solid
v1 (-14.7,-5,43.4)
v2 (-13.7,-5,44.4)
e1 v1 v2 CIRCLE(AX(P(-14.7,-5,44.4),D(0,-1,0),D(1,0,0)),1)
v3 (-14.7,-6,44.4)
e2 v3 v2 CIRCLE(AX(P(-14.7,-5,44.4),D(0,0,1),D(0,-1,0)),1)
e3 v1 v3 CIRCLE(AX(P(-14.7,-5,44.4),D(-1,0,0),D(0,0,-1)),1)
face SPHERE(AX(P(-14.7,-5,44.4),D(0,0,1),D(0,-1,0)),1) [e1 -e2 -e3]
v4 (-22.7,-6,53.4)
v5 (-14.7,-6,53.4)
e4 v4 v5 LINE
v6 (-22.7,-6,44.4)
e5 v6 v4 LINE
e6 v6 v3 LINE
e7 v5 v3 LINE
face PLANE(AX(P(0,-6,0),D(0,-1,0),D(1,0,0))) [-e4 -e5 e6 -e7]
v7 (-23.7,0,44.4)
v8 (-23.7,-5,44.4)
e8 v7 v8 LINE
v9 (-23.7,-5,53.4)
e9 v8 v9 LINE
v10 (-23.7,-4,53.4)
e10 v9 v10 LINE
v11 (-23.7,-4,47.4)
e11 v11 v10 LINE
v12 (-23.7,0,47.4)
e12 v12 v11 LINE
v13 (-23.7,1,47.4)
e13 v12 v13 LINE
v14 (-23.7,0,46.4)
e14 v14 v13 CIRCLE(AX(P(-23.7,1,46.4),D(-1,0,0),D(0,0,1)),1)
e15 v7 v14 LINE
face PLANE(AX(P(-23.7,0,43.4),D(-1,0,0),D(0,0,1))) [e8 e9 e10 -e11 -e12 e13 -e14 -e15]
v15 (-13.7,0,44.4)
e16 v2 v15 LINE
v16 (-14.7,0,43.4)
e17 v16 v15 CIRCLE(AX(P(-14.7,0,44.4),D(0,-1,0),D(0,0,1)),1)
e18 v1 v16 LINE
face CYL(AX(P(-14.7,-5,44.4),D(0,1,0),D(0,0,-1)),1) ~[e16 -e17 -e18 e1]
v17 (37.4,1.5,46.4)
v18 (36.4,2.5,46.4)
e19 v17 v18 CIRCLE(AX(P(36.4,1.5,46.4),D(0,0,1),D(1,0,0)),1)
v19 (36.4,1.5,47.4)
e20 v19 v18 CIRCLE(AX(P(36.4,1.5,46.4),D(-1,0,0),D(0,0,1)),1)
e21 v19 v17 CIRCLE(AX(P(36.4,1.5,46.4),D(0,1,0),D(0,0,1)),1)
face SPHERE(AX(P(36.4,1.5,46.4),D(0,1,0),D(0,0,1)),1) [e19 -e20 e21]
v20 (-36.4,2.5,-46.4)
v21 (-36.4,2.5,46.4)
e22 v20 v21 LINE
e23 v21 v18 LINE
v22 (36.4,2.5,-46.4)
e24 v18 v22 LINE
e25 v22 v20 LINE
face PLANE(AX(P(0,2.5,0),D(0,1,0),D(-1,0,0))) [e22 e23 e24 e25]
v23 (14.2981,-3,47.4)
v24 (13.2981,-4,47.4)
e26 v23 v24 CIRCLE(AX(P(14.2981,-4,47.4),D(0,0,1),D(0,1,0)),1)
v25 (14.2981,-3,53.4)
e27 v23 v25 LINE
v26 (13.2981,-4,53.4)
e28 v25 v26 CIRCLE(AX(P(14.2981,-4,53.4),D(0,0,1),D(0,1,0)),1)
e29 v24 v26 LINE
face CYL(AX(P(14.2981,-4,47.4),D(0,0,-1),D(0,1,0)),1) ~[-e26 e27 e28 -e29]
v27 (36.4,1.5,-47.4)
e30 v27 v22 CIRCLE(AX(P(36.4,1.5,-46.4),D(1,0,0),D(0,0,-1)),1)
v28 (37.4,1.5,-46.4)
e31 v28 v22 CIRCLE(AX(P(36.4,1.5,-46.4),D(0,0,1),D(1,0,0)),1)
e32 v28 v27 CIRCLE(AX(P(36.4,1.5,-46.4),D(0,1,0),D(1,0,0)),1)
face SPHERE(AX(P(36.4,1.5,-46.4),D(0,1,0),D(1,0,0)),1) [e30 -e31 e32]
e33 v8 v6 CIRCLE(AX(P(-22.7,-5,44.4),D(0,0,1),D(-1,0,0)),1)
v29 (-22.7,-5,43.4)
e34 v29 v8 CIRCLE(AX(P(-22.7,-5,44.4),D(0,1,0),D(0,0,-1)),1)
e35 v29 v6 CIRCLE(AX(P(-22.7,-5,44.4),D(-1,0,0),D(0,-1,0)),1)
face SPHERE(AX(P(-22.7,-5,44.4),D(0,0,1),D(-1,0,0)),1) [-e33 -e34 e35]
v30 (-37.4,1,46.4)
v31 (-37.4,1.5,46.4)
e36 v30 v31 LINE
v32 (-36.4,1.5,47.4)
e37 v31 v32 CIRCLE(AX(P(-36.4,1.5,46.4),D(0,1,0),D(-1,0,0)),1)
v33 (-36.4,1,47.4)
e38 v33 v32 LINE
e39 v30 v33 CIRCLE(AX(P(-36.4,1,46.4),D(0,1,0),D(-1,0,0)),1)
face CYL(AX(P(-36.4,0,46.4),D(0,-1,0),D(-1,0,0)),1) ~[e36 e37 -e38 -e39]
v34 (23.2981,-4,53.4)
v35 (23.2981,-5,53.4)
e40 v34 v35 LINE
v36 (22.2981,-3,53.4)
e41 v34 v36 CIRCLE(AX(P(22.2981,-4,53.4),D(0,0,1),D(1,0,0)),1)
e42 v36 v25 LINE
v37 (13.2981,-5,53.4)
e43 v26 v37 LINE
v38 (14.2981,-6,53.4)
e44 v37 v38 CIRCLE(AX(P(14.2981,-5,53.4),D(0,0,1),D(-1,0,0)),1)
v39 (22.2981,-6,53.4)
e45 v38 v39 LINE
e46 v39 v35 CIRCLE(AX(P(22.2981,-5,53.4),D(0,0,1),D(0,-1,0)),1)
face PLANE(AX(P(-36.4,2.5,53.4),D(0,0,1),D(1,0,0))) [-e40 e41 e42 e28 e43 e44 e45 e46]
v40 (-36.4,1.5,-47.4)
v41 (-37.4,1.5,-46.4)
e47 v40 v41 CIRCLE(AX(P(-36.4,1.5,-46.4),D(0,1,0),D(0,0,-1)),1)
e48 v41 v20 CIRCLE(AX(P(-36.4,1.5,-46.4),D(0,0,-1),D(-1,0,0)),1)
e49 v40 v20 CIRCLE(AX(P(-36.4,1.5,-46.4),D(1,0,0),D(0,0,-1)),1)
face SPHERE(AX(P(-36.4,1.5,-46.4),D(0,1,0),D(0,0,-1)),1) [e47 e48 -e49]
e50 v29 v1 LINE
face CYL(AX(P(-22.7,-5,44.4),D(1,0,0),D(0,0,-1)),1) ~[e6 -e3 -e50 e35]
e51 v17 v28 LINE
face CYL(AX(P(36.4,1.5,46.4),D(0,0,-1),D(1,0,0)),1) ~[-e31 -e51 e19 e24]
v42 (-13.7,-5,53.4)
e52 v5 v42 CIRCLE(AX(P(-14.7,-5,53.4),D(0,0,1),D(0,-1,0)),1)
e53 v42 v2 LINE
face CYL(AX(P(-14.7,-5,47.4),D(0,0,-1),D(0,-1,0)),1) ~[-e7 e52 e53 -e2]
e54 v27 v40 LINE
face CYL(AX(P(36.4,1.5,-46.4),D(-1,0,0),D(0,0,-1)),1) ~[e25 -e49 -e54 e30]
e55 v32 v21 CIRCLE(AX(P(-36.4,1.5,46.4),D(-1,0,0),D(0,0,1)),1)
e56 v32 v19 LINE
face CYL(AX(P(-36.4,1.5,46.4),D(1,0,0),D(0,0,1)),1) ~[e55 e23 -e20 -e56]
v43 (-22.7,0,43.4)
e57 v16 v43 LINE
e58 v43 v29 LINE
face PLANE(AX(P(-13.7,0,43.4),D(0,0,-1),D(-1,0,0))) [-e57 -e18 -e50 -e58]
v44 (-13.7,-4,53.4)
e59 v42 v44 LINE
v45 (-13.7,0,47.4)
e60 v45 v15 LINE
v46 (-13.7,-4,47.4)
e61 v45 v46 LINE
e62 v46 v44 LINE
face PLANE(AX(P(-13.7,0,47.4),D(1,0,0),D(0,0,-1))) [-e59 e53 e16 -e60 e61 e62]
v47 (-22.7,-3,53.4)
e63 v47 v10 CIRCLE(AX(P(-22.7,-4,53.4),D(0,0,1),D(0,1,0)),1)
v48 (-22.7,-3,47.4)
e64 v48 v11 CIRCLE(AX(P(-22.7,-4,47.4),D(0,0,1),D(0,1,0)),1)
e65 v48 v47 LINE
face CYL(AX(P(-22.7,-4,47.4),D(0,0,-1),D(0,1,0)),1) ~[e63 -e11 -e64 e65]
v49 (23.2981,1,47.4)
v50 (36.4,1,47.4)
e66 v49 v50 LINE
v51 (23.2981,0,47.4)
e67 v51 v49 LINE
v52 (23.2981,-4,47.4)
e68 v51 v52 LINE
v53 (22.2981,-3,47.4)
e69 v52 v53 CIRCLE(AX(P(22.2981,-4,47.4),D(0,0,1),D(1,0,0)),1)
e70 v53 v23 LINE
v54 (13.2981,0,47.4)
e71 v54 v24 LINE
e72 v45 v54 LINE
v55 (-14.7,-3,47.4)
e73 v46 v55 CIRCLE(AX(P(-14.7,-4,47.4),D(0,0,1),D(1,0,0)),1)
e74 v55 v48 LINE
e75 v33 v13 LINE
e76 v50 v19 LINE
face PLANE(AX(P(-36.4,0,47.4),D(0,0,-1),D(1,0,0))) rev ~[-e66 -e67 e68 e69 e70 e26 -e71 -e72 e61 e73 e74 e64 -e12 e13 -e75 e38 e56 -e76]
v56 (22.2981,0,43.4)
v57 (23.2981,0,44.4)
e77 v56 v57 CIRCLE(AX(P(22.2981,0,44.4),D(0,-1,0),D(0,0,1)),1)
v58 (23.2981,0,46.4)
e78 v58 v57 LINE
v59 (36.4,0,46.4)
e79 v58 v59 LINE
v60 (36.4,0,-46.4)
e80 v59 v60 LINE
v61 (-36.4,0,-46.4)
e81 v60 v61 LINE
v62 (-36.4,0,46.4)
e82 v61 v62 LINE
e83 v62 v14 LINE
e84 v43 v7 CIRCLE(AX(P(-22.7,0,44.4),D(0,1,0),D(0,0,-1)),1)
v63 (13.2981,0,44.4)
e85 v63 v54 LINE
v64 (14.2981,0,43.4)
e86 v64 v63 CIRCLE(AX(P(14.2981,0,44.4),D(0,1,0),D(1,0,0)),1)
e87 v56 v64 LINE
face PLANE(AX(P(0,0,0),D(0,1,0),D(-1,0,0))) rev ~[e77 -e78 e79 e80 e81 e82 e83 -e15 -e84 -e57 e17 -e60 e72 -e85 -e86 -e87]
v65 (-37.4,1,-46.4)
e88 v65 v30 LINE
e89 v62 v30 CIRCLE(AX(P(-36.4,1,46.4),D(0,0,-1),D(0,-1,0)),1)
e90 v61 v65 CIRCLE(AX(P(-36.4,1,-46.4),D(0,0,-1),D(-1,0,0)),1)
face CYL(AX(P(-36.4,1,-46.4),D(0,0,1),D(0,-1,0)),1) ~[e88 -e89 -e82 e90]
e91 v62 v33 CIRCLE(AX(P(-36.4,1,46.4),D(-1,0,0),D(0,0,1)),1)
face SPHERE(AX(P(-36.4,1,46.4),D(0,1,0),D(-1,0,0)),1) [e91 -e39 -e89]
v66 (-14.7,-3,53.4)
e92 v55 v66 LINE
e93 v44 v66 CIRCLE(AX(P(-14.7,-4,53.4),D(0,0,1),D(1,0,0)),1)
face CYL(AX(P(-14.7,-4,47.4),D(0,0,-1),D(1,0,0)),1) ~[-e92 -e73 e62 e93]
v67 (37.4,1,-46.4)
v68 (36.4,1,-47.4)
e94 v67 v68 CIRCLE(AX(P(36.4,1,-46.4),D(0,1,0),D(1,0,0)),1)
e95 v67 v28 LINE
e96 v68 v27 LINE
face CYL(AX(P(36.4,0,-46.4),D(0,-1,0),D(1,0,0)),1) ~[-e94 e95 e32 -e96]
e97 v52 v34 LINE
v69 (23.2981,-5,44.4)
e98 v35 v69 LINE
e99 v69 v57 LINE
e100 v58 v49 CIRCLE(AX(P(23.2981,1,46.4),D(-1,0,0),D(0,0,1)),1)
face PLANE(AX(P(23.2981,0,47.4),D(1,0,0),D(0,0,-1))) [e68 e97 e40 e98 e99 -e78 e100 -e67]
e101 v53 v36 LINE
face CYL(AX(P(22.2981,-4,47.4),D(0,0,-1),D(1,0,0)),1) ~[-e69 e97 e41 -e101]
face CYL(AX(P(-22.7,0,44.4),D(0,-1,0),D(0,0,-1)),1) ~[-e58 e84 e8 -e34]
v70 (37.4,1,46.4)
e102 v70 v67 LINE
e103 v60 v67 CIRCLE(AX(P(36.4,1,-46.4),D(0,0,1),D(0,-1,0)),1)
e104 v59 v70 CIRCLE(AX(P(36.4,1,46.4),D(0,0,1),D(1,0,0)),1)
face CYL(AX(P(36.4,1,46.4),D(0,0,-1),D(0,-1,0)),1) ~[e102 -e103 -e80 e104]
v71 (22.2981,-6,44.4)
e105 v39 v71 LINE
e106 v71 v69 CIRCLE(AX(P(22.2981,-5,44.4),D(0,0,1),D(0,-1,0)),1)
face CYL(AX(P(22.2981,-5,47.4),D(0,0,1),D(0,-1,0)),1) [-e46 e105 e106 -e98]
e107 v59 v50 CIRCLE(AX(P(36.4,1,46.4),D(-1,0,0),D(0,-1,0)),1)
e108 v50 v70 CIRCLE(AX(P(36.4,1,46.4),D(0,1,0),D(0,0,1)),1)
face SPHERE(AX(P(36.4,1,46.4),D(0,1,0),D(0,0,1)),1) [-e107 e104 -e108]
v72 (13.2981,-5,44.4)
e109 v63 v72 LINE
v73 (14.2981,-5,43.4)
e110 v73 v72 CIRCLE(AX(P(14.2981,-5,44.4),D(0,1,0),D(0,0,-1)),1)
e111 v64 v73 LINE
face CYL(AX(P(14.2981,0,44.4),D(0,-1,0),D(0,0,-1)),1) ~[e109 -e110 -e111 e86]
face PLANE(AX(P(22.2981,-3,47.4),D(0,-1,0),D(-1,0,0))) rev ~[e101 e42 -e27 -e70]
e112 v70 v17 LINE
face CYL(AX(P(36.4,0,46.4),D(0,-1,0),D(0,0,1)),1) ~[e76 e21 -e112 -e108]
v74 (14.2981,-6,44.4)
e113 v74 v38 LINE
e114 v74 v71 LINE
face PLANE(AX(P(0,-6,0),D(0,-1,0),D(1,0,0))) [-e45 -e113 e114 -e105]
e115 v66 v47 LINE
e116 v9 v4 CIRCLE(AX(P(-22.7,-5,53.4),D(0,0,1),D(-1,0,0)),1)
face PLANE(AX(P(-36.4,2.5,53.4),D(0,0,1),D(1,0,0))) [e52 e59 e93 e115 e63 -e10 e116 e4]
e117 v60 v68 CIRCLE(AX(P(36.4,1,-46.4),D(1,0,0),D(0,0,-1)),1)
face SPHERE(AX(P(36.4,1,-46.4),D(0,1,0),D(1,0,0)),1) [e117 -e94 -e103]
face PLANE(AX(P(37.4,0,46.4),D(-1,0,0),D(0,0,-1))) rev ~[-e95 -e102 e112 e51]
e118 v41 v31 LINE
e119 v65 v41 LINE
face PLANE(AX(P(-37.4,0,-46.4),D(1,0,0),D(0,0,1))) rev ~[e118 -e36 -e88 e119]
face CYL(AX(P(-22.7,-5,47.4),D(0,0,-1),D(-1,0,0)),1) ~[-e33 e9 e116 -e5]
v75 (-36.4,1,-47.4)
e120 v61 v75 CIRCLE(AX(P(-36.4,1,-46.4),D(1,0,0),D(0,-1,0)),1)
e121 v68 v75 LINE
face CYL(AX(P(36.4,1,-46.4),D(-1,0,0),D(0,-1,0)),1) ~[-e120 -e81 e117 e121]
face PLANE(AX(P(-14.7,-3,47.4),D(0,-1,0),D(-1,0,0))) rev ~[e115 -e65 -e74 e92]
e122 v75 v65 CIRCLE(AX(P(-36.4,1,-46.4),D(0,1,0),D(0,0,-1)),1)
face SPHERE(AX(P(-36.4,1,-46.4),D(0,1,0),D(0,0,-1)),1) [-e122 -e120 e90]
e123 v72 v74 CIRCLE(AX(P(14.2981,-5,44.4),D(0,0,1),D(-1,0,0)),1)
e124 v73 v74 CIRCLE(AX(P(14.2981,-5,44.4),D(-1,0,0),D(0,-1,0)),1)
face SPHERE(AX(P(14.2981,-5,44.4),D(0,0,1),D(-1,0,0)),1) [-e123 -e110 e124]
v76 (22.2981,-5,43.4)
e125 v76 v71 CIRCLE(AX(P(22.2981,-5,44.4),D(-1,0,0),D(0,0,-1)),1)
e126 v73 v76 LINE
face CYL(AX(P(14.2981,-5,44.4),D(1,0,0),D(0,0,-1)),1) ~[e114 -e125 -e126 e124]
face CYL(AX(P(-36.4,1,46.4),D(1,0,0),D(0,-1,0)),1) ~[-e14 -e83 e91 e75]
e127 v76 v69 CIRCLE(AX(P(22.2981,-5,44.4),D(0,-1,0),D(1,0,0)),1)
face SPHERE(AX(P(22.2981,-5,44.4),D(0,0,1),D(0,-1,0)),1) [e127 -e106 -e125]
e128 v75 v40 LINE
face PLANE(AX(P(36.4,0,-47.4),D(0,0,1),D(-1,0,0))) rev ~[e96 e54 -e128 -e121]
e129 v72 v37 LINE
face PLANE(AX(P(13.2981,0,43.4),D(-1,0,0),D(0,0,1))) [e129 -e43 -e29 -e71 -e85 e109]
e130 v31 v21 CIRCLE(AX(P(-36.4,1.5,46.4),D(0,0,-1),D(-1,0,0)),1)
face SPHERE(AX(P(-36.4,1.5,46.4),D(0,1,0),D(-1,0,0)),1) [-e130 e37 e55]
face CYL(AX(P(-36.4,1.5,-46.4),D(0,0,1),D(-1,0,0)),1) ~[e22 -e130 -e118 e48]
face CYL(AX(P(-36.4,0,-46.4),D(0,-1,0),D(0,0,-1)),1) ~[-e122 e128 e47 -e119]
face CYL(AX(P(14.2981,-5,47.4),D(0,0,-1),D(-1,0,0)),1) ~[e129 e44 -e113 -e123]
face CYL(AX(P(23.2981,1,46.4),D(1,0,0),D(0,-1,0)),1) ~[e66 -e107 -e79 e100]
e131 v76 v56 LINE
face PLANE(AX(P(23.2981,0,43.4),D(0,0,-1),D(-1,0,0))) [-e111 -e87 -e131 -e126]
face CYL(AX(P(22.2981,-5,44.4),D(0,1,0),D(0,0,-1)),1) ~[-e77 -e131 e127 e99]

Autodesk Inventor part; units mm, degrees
ref_plane "YZ Plane" through (0, 0, 0) normal (1, 0, 0) x (0, 1, 0)
ref_plane "XZ Plane" through (0, 0, 0) normal (0, 1, 0) x (-1, 0, 0)
ref_plane "XY Plane" through (0, 0, 0) normal (0, 0, 1) x (1, 0, 0)
sketch "Sketch1" plane through (0, 0, 0) normal (0, 1, 0) x (-1, 0, 0)
  line L0 (36.4, 47.4) -> (-36.4, 47.4)
  line L1 (-37.4, 46.4) -> (-37.4, -46.4)
  line L2 (-36.4, -47.4) -> (36.4, -47.4)
  line L3 (37.4, -46.4) -> (37.4, 46.4)
  line L4 (37.4, 47.4) -> (-37.4, -47.4) construction
  line L5 (-37.4, 47.4) -> (37.4, -47.4) construction
  arc A0 (37.4, 46.4) -> (36.4, 47.4) centre (36.4, 46.4) ccw
  arc A1 (-36.4, 47.4) -> (-37.4, 46.4) centre (-36.4, 46.4) ccw
  arc A2 (-37.4, -46.4) -> (-36.4, -47.4) centre (-36.4, -46.4) ccw
  arc A3 (36.4, -47.4) -> (37.4, -46.4) centre (36.4, -46.4) ccw
  point P0 (0, 0)
  dimension "d0" = 94.8
  dimension "d1" = 74.8
  dimension "d2" = 1
extrude "Extrusion1" add sketch "Sketch1" along normal blind 2.5
sketch "Sketch2" plane through (0, 0, 0) normal (0, -1, 0) x (1, 0, 0)
  line L0 (0, 0) -> (-37.4, 0)
  line L1 (-37.4, 0) -> (-37.4, 47.4)
  line L2 (-37.4, 47.4) -> (0, 47.4)
  line L3 (0, 47.4) -> (0, 0)
  line L4 (-23.7, 51.4) -> (-13.7, 51.4)
  line L5 (-13.7, 51.4) -> (-13.7, 43.4)
  line L6 (-13.7, 43.4) -> (-23.7, 43.4)
  line L7 (-23.7, 43.4) -> (-23.7, 51.4)
  line L8 (-36.4, 47.4) -> (36.4, 47.4) projected
  line L9 (-23.7, 51.4) -> (-13.7, 43.4) construction
  line L10 (-13.7, 51.4) -> (-23.7, 43.4) construction
  line L11 (0, 0) -> (36.5961, 0)
  line L12 (36.5961, 0) -> (36.5961, 47.4)
  line L13 (36.5961, 47.4) -> (0, 47.4)
  line L14 (0, 47.4) -> (0, 0)
  line L15 (13.2981, 51.4) -> (23.2981, 51.4)
  line L16 (23.2981, 51.4) -> (23.2981, 43.4)
  line L17 (23.2981, 43.4) -> (13.2981, 43.4)
  line L18 (13.2981, 43.4) -> (13.2981, 51.4)
  line L19 (13.2981, 51.4) -> (23.2981, 43.4) construction
  line L20 (23.2981, 51.4) -> (13.2981, 43.4) construction
  point P0 (-18.7, 47.4)
  point P1 (18.2981, 47.4)
  point P2 (23.2981, 47.4)
  point P3 (13.2981, 47.4)
  point P4 (-13.7, 47.4)
  point P5 (-23.7, 47.4)
  dimension "d5" = 10
  dimension "d6" = 8
  dimension "d7" = 10
  dimension "d8" = 8
extrude "Extrusion2" add sketch "Sketch2" along normal blind 6 contours L5 L6 L7 L2 | L8 L16 L17 L18
sketch "Sketch3" plane through (-36.4, 2.5, 47.4) normal (0, 0, 1) x (1, 0, 0)
  line L0 (12.7, -8.5) -> (22.7, -8.5) projected
  line L1 (22.7, -2.5) -> (22.7, -8.5) projected
  line L2 (13.7, -8.5) -> (21.7, -8.5)
  line L3 (22.7, -7.5) -> (22.7, -6.5)
  line L4 (21.7, -5.5) -> (13.7, -5.5)
  line L5 (12.7, -6.5) -> (12.7, -7.5)
  line L6 (59.6981, -2.5) -> (59.6981, -8.5) projected
  line L7 (50.6981, -8.5) -> (58.6981, -8.5)
  line L8 (59.6981, -7.5) -> (59.6981, -6.5)
  line L9 (58.6981, -5.5) -> (50.6981, -5.5)
  line L10 (49.6981, -6.5) -> (49.6981, -7.5)
  arc A0 (13.7, -5.5) -> (12.7, -6.5) centre (13.7, -6.5) ccw
  arc A1 (22.7, -6.5) -> (21.7, -5.5) centre (21.7, -6.5) ccw
  arc A2 (21.7, -8.5) -> (22.7, -7.5) centre (21.7, -7.5) ccw
  arc A3 (12.7, -7.5) -> (13.7, -8.5) centre (13.7, -7.5) ccw
  arc A4 (50.6981, -5.5) -> (49.6981, -6.5) centre (50.6981, -6.5) ccw
  arc A5 (59.6981, -6.5) -> (58.6981, -5.5) centre (58.6981, -6.5) ccw
  arc A6 (58.6981, -8.5) -> (59.6981, -7.5) centre (58.6981, -7.5) ccw
  arc A7 (49.6981, -7.5) -> (50.6981, -8.5) centre (50.6981, -7.5) ccw
  line L11 (49.0159, -7.1882) -> (60.5232, -7.1882)
  line L12 (60.5232, -7.1882) -> (60.5232, -9.9786)
  line L13 (60.5232, -9.9786) -> (49.0159, -9.9786)
  line L14 (49.0159, -9.9786) -> (49.0159, -7.1882)
  line L15 (11.7436, -7.1882) -> (24.9599, -7.1882)
  line L16 (24.9599, -7.1882) -> (24.9599, -11.0237)
  line L17 (24.9599, -11.0237) -> (11.7436, -11.0237)
  line L18 (11.7436, -11.0237) -> (11.7436, -7.1882)
  line L19 (49.6981, -8.5) -> (59.6981, -8.5) projected
  line L20 (49.0159, -8.5834) -> (59.6981, -8.5)
  line L21 (49.6981, -8.5) -> (59.6981, -8.5)
  point P0 (36.4, -2.5)
  point P1 (22.7, -5.5)
  point P2 (59.6981, -5.5)
  point P3 (12.7, -7.1882)
  point P4 (22.7, -7.1882)
  point P5 (49.6981, -7.1882)
  dimension "d11" = 1
extrude "Extrusion3" add sketch "Sketch3" along normal blind 6 contours A3 L5 L15 L1 A2 L0 | L5 A0 L4 A1 L1 L15 | A6 L7 A7 L10 L11 L6 | L11 L10 A4 L9 A5 L6
extrude "Extrusion4" cut sketch "Sketch3" against normal blind 6 contours L0 L1 L15 L16 L17 L18 L5 A3 | A2 L1 L0 | L6 L19 A6 | L20 L14 L11 L10 A7 L7 L19
fillet "Fillet1" radius 1 10 edges at (23.0052, -5.7071, 43.4) (18.2981, -6, 43.4) (13.591, -5.7071, 43.4) (13.2981, -2.5, 43.4) (23.2981, -2.5, 43.4) (-13.9929, -5.7071, 43.4) (-18.7, -6, 43.4) (-23.4071, -5.7071, 43.4) (-23.7, -2.5, 43.4) (-13.7, -2.5, 43.4)
fillet "Fillet2" radius 1 17 edges at (37.1071, 0, -47.1071) (0, 0, -47.4) (-37.1071, 0, -47.1071) (-37.4, 0, 0) (-37.1071, 0, 47.1071) (-30.05, 0, 47.4) (37.1071, 0, 47.1071) (29.849, 0, 47.4) (37.4, 0, 0) (37.1071, 2.5, -47.1071) (0, 2.5, -47.4) (-37.1071, 2.5, -47.1071) (-37.4, 2.5, 0) (-37.1071, 2.5, 47.1071) (0, 2.5, 47.4) (37.1071, 2.5, 47.1071) (37.4, 2.5, 0)
properties part number "tapa decaja 2"
